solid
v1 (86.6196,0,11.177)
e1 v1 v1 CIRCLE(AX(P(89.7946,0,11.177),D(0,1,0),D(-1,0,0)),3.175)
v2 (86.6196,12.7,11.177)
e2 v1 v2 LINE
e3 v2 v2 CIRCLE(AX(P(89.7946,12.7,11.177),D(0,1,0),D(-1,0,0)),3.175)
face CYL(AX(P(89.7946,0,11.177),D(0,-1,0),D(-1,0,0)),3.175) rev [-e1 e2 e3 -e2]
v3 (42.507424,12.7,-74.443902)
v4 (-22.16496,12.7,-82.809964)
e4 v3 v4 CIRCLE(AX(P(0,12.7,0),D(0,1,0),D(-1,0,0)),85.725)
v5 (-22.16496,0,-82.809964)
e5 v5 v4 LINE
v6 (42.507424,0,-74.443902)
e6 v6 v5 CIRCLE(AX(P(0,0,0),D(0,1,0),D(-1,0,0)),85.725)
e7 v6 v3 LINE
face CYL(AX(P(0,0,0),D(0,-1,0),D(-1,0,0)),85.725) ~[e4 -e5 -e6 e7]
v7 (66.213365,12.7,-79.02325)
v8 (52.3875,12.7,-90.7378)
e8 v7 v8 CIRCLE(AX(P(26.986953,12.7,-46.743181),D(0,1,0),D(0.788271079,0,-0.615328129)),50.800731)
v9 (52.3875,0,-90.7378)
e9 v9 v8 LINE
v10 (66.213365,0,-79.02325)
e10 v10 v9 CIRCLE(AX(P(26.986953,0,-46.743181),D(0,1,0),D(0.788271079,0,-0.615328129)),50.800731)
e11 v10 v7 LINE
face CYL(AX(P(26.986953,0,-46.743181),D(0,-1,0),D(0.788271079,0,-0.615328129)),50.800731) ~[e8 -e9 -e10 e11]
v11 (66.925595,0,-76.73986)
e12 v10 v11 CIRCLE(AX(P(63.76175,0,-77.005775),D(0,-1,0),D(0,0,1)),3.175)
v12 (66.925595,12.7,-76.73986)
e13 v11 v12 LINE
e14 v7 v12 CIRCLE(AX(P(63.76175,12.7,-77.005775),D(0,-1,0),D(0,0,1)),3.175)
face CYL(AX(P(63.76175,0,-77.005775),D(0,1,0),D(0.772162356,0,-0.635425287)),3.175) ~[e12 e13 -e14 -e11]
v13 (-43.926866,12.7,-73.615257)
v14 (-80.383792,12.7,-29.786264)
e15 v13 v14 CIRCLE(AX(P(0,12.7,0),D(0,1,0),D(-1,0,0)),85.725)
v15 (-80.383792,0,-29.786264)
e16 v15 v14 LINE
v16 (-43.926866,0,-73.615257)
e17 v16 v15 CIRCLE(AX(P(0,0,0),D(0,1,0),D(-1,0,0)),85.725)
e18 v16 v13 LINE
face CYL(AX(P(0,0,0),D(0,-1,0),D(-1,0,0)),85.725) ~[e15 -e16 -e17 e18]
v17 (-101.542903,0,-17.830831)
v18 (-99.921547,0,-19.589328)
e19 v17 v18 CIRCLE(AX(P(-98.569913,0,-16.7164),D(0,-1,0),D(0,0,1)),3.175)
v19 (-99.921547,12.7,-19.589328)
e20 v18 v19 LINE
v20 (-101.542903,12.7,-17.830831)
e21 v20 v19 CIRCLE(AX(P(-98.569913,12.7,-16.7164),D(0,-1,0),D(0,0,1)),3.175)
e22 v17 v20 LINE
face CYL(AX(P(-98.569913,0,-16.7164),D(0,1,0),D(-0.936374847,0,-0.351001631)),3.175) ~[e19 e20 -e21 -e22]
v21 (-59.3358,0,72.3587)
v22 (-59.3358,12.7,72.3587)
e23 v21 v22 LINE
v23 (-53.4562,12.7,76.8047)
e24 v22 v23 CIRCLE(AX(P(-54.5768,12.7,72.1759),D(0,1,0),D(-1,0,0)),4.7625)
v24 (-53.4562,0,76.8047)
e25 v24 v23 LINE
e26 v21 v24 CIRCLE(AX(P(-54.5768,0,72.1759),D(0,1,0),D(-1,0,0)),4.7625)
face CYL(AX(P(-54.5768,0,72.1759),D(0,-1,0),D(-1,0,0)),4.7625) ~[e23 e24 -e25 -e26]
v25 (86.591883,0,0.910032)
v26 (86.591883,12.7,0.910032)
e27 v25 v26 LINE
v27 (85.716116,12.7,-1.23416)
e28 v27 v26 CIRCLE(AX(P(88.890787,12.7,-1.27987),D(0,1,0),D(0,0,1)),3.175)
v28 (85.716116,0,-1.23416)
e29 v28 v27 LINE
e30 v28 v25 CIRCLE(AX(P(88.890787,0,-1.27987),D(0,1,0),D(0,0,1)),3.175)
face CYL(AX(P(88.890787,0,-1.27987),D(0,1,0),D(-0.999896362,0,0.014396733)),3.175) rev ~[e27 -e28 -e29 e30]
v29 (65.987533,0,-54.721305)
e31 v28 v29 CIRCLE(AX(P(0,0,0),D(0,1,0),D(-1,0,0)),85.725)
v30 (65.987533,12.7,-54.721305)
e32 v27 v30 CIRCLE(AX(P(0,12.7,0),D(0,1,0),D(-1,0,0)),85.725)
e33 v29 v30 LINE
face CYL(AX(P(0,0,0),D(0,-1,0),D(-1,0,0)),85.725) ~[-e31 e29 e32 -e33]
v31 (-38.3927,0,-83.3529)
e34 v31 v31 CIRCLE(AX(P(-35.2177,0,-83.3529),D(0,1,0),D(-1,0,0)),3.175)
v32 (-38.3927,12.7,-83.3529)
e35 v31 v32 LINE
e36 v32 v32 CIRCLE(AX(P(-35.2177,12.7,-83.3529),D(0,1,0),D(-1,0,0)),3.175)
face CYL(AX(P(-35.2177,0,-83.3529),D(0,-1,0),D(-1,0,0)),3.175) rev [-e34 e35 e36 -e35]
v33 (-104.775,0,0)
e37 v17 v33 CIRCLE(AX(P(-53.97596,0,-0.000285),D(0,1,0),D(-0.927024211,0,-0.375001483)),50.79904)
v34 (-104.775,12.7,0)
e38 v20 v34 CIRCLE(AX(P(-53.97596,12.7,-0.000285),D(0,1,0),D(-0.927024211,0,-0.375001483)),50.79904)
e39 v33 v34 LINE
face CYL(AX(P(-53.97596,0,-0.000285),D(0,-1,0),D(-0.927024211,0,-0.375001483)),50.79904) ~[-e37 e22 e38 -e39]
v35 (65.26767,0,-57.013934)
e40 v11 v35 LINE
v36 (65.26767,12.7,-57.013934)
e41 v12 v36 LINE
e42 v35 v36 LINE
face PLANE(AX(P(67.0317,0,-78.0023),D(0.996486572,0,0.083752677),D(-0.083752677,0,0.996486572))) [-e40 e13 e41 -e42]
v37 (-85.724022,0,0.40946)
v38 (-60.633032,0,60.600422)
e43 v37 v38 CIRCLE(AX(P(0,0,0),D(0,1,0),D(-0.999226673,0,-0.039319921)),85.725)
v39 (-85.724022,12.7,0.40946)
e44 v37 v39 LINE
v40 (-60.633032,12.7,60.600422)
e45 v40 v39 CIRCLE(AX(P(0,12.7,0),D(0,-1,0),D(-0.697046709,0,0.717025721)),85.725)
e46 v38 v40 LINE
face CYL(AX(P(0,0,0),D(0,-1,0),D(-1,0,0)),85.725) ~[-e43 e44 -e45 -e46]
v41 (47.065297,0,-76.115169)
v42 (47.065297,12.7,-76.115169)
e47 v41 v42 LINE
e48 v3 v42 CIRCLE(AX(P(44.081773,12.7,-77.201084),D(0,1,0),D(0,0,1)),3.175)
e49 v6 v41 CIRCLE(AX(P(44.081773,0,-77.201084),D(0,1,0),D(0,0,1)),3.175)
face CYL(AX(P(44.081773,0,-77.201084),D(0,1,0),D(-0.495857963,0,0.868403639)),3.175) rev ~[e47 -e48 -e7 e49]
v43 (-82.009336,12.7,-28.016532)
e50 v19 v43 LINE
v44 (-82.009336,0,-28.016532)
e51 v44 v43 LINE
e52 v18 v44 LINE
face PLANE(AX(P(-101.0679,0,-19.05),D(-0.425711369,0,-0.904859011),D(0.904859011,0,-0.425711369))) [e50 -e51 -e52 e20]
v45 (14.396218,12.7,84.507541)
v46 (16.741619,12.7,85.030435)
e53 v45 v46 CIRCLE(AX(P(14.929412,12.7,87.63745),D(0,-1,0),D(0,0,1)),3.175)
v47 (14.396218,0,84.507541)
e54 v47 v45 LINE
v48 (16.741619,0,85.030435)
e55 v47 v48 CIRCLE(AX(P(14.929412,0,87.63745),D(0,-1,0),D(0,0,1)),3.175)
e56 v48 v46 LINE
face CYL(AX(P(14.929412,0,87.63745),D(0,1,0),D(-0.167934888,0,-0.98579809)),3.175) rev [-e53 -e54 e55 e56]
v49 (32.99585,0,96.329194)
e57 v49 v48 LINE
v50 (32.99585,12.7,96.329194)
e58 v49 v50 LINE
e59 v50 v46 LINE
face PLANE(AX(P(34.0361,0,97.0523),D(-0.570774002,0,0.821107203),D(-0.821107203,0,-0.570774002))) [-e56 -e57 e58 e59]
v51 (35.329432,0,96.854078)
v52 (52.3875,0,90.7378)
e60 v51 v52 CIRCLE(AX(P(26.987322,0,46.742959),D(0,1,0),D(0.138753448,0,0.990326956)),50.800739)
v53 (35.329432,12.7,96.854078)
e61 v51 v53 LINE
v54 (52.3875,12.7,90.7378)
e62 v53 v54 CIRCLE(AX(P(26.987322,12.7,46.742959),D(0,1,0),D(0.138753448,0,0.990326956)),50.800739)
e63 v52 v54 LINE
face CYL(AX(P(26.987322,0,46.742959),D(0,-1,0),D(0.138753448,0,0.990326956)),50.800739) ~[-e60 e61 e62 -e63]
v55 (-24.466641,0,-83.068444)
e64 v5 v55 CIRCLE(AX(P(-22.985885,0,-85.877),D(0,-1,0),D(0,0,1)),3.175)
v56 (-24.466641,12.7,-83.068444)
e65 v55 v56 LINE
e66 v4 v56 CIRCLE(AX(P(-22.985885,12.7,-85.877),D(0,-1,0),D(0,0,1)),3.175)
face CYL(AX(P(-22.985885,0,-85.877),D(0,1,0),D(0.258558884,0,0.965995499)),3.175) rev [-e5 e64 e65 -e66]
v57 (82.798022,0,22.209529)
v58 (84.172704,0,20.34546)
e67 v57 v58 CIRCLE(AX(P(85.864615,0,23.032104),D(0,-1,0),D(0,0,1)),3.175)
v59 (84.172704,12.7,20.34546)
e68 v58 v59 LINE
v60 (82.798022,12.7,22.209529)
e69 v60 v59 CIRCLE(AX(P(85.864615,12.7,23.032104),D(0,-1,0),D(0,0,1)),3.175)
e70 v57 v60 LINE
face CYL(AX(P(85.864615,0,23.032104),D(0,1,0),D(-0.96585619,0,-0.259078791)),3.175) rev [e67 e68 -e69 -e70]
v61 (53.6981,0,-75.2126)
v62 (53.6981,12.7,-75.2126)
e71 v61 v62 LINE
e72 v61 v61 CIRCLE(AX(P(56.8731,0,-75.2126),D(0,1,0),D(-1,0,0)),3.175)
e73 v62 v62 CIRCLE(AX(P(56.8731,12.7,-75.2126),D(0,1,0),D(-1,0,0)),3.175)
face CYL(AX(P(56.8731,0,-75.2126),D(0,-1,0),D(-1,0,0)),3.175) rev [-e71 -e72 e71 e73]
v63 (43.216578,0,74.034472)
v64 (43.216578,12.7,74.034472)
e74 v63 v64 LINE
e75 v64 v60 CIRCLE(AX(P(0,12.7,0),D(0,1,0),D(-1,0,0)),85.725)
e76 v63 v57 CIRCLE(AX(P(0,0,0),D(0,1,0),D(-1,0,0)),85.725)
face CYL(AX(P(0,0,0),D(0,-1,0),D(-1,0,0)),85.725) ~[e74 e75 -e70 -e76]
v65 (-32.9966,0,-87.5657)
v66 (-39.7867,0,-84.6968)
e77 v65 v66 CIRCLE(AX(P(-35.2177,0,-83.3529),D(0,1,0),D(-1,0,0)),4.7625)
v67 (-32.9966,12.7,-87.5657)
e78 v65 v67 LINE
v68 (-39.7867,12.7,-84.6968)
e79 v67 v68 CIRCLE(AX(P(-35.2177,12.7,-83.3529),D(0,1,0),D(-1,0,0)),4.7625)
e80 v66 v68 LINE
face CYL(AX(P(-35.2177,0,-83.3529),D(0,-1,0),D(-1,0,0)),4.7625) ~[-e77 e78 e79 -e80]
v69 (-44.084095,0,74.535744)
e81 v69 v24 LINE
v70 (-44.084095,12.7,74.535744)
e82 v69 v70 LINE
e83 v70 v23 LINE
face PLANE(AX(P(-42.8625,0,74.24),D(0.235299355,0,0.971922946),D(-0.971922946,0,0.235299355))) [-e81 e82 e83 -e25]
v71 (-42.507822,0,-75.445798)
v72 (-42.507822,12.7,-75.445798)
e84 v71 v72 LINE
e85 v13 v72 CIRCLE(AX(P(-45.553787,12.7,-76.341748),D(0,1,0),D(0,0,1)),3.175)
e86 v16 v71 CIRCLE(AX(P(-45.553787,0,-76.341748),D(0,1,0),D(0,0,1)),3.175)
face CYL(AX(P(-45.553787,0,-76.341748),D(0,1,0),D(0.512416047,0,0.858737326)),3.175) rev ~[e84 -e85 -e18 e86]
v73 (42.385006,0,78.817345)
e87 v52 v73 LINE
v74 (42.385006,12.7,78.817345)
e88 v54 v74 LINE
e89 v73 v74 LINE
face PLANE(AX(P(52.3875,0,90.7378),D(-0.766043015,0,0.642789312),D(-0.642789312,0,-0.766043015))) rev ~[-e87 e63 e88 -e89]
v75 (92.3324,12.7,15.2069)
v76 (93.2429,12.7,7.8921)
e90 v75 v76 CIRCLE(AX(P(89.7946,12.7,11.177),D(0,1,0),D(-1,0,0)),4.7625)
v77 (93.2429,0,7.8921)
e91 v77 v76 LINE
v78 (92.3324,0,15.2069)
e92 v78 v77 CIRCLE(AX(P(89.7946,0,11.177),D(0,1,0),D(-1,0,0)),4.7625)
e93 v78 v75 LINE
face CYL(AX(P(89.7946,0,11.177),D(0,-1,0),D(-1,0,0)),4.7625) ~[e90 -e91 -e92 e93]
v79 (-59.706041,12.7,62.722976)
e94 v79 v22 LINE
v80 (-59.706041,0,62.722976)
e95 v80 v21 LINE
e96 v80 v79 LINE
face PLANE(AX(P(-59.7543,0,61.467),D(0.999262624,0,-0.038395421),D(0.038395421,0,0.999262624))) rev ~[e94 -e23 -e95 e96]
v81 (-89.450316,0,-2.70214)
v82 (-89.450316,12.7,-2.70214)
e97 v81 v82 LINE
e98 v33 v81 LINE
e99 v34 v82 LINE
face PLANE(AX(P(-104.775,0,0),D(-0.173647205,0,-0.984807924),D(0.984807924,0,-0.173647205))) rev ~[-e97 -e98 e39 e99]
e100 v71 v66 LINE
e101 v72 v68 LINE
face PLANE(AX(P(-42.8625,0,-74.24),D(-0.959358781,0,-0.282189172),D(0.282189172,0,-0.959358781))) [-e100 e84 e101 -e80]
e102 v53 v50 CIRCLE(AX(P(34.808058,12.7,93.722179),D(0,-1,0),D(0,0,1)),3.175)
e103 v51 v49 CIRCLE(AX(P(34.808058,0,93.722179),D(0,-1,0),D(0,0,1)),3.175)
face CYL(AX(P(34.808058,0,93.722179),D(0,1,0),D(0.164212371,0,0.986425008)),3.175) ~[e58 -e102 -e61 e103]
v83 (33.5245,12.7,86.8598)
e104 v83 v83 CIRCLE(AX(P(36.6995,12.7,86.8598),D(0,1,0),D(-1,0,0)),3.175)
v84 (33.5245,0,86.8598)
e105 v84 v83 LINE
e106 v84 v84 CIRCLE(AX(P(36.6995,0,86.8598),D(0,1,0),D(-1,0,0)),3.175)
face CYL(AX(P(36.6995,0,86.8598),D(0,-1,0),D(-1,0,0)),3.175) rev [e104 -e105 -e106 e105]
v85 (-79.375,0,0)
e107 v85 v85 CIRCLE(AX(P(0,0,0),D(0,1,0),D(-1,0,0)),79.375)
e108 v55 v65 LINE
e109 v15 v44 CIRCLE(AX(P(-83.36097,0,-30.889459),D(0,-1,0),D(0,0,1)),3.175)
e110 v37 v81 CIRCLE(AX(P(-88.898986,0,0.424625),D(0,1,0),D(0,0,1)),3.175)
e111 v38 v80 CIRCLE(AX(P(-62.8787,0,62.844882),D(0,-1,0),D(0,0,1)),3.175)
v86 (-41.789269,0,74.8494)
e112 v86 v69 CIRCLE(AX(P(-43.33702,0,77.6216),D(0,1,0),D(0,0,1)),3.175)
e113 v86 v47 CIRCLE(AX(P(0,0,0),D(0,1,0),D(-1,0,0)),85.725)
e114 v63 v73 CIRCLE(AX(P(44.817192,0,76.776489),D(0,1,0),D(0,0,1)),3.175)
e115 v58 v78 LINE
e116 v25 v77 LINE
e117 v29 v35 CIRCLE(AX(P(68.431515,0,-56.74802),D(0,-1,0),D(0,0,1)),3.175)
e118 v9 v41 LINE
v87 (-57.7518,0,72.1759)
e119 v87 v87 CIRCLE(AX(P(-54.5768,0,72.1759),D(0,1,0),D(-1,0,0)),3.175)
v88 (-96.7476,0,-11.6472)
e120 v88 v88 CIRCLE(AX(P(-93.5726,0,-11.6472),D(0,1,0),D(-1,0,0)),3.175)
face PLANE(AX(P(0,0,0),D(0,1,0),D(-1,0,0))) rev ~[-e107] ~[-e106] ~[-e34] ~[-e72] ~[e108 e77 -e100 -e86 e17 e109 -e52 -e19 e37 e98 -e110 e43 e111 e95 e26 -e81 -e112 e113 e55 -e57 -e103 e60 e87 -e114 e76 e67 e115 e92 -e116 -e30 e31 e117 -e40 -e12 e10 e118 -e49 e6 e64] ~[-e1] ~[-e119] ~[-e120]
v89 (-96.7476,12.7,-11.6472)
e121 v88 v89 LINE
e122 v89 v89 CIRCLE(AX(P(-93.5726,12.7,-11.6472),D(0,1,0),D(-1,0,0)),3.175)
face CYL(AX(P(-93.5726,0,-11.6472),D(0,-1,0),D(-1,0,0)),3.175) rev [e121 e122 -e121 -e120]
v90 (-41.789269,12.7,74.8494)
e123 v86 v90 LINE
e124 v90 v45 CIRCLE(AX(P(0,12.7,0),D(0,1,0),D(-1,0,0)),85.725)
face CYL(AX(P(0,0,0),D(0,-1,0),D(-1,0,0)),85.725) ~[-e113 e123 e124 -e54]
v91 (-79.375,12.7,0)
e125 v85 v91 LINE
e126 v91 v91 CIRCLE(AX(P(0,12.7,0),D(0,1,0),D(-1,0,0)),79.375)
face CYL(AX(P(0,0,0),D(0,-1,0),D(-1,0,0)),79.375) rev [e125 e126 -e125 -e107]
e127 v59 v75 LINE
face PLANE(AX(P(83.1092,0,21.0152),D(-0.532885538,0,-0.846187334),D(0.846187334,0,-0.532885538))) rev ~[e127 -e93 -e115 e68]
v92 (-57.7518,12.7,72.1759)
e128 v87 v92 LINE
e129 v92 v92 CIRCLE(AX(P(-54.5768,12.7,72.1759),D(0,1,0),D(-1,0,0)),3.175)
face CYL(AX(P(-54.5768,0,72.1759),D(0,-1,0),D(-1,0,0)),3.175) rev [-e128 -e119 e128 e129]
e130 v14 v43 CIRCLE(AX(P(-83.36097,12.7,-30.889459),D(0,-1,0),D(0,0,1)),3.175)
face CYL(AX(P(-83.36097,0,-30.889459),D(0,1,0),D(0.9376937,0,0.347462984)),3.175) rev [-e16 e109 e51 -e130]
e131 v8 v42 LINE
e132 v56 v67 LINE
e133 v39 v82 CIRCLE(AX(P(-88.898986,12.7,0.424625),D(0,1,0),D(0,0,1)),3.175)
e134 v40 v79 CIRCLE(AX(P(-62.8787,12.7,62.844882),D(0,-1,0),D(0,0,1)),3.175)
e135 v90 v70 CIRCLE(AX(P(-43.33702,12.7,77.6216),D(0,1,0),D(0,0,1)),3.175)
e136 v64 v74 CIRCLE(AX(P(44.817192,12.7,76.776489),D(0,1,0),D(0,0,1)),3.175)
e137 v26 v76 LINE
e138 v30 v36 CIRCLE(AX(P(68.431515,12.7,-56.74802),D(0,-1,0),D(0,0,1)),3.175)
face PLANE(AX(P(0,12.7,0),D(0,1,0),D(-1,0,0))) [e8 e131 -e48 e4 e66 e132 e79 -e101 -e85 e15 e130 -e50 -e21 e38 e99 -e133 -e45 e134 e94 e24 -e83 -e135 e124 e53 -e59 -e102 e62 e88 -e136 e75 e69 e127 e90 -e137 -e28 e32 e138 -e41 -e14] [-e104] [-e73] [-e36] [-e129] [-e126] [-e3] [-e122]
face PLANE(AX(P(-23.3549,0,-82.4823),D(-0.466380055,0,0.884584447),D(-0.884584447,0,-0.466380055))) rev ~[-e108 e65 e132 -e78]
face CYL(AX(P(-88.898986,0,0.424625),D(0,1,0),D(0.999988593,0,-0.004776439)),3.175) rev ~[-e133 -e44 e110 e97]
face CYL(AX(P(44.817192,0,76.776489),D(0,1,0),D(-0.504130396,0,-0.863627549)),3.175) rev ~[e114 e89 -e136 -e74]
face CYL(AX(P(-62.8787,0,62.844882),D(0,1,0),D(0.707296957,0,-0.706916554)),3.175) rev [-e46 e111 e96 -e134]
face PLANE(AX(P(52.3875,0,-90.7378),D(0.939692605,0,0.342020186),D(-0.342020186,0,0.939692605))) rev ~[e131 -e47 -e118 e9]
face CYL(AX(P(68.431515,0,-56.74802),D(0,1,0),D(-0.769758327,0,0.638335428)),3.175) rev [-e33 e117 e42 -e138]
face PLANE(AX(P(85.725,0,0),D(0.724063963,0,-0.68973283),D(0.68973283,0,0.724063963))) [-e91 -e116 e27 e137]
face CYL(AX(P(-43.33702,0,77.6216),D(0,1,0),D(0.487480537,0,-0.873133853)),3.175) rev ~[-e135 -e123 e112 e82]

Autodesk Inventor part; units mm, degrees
ref_plane "YZ Plane" through (0, 0, 0) normal (1, 0, 0) x (0, 1, 0)
ref_plane "XZ Plane" through (0, 0, 0) normal (0, 1, 0) x (-1, 0, 0)
ref_plane "XY Plane" through (0, 0, 0) normal (0, 0, 1) x (1, 0, 0)
sketch "Sketch1" plane through (0, 0, 0) normal (0, 1, 0) x (-1, 0, 0)
  circle A0 centre (0, 0) radius 79.375
  circle A1 centre (0, 0) radius 85.725
  line L0 (0, 0) -> (104.775, 0) construction
  line L1 (104.775, 0) -> (85.6587, -3.3707)
  arc A2 (101.0679, -19.05) -> (104.775, 0) centre (53.975, 0) ccw
  arc A3 (91.7446, -23.4364) -> (97.7555, -7.6857) centre (53.975, 0) ccw construction
  line L2 (97.7555, -7.6857) -> (85.1505, -9.9083) construction
  circle A4 centre (93.5726, -11.6472) radius 3.175
  line L3 (101.0679, -19.05) -> (80.8223, -28.575)
  line L4 (93.5726, -11.6472) -> (-85.0685, 10.5887) construction
  circle A5 centre (-89.7946, 11.177) radius 4.7625
  circle A6 centre (-89.7946, 11.177) radius 3.175
  circle A7 centre (0, 0) radius 104.775 construction
  circle A8 centre (0, 0) radius 95.25 construction
  line L5 (-85.725, 0) -> (-93.2429, 7.8921)
  line L6 (-83.1092, 21.0152) -> (-92.3324, 15.2069)
  line L7 (42.8625, -74.24) -> (39.7867, -84.6968)
  line L8 (23.3549, -82.4823) -> (32.9966, -87.5657)
  circle A9 centre (35.2177, -83.3529) radius 4.7625
  circle A10 centre (35.2177, -83.3529) radius 3.175
  circle A11 centre (-36.6995, 86.8598) radius 3.175
  line L9 (-42.2218, 88.5016) -> (-33.9944, 78.6966) construction
  arc A12 (-25.5758, 91.1713) -> (-42.2218, 88.5016) centre (-26.9875, 46.7437) ccw construction
  line L10 (-34.0361, 97.0523) -> (-15.6645, 84.2817)
  line L11 (-52.3875, 90.7378) -> (-39.9102, 75.868)
  arc A13 (-34.0361, 97.0523) -> (-52.3875, 90.7378) centre (-26.9875, 46.7437) ccw
  line L12 (42.8625, 74.24) -> (53.4562, 76.8047)
  line L13 (59.7543, 61.467) -> (59.3358, 72.3587)
  circle A14 centre (54.5768, 72.1759) radius 4.7625
  circle A15 centre (54.5768, 72.1759) radius 3.175
  circle A16 centre (-56.8731, -75.2126) radius 3.175
  line L14 (-55.5338, -80.8159) -> (-51.1561, -68.7883) construction
  arc A17 (-66.1688, -67.7349) -> (-55.5338, -80.8159) centre (-26.9875, -46.7437) ccw construction
  line L15 (-67.0317, -78.0023) -> (-65.1578, -55.7067)
  line L16 (-52.3875, -90.7378) -> (-45.7485, -72.4973)
  arc A18 (-67.0317, -78.0023) -> (-52.3875, -90.7378) centre (-26.9875, -46.7437) ccw
  point P0 (85.725, 0)
  point P1 (33.3642, -78.9659)
  point P2 (-42.8625, 74.24)
  point P3 (51.7044, 68.3772)
  point P4 (-42.8625, -74.24)
  point P5 (-92.3324, 15.2069)
  point P6 (32.9966, -87.5657)
  point P7 (59.3358, 72.3587)
  dimension "d28" = 9.525
  dimension "d30" = 209.55
  dimension "Ring_ID" = 158.75
  dimension "RingWD" = 6.35
  dimension "ToothDepth" = 19.05
  dimension "d4" = 10
  dimension "d5" = 50.8
  dimension "d13" = 6.35
  dimension "d14" = 6.35
  dimension "d20" = 6.35
  dimension "d22" = 19.05
  dimension "d23" = 28.575
  dimension "d29" = 6.35
  dimension "d31" = 171.45
  dimension "d32" = 9.525
  dimension "d35" = 360
extrude "Extrusion1" add sketch "Sketch1" along normal blind 12.7
fillet "Fillet1" radius 3.175 15 edges at (-85.6587, 6.35, -3.3707) (-101.0679, 6.35, -19.05) (-80.8223, 6.35, -28.575) (-42.8625, 6.35, -74.24) (-23.3549, 6.35, -82.4823) (45.7485, 6.35, -72.4973) (65.1578, 6.35, -55.7067) (85.725, 6.35, 0) (83.1092, 6.35, 21.0152) (39.9102, 6.35, 75.868) (34.0361, 6.35, 97.0523) (15.6645, 6.35, 84.2817) (-42.8625, 6.35, 74.24) (-59.7543, 6.35, 61.467) (67.0317, 6.35, -78.0023)
properties part number "Blade V2" material "Stainless Steel"
